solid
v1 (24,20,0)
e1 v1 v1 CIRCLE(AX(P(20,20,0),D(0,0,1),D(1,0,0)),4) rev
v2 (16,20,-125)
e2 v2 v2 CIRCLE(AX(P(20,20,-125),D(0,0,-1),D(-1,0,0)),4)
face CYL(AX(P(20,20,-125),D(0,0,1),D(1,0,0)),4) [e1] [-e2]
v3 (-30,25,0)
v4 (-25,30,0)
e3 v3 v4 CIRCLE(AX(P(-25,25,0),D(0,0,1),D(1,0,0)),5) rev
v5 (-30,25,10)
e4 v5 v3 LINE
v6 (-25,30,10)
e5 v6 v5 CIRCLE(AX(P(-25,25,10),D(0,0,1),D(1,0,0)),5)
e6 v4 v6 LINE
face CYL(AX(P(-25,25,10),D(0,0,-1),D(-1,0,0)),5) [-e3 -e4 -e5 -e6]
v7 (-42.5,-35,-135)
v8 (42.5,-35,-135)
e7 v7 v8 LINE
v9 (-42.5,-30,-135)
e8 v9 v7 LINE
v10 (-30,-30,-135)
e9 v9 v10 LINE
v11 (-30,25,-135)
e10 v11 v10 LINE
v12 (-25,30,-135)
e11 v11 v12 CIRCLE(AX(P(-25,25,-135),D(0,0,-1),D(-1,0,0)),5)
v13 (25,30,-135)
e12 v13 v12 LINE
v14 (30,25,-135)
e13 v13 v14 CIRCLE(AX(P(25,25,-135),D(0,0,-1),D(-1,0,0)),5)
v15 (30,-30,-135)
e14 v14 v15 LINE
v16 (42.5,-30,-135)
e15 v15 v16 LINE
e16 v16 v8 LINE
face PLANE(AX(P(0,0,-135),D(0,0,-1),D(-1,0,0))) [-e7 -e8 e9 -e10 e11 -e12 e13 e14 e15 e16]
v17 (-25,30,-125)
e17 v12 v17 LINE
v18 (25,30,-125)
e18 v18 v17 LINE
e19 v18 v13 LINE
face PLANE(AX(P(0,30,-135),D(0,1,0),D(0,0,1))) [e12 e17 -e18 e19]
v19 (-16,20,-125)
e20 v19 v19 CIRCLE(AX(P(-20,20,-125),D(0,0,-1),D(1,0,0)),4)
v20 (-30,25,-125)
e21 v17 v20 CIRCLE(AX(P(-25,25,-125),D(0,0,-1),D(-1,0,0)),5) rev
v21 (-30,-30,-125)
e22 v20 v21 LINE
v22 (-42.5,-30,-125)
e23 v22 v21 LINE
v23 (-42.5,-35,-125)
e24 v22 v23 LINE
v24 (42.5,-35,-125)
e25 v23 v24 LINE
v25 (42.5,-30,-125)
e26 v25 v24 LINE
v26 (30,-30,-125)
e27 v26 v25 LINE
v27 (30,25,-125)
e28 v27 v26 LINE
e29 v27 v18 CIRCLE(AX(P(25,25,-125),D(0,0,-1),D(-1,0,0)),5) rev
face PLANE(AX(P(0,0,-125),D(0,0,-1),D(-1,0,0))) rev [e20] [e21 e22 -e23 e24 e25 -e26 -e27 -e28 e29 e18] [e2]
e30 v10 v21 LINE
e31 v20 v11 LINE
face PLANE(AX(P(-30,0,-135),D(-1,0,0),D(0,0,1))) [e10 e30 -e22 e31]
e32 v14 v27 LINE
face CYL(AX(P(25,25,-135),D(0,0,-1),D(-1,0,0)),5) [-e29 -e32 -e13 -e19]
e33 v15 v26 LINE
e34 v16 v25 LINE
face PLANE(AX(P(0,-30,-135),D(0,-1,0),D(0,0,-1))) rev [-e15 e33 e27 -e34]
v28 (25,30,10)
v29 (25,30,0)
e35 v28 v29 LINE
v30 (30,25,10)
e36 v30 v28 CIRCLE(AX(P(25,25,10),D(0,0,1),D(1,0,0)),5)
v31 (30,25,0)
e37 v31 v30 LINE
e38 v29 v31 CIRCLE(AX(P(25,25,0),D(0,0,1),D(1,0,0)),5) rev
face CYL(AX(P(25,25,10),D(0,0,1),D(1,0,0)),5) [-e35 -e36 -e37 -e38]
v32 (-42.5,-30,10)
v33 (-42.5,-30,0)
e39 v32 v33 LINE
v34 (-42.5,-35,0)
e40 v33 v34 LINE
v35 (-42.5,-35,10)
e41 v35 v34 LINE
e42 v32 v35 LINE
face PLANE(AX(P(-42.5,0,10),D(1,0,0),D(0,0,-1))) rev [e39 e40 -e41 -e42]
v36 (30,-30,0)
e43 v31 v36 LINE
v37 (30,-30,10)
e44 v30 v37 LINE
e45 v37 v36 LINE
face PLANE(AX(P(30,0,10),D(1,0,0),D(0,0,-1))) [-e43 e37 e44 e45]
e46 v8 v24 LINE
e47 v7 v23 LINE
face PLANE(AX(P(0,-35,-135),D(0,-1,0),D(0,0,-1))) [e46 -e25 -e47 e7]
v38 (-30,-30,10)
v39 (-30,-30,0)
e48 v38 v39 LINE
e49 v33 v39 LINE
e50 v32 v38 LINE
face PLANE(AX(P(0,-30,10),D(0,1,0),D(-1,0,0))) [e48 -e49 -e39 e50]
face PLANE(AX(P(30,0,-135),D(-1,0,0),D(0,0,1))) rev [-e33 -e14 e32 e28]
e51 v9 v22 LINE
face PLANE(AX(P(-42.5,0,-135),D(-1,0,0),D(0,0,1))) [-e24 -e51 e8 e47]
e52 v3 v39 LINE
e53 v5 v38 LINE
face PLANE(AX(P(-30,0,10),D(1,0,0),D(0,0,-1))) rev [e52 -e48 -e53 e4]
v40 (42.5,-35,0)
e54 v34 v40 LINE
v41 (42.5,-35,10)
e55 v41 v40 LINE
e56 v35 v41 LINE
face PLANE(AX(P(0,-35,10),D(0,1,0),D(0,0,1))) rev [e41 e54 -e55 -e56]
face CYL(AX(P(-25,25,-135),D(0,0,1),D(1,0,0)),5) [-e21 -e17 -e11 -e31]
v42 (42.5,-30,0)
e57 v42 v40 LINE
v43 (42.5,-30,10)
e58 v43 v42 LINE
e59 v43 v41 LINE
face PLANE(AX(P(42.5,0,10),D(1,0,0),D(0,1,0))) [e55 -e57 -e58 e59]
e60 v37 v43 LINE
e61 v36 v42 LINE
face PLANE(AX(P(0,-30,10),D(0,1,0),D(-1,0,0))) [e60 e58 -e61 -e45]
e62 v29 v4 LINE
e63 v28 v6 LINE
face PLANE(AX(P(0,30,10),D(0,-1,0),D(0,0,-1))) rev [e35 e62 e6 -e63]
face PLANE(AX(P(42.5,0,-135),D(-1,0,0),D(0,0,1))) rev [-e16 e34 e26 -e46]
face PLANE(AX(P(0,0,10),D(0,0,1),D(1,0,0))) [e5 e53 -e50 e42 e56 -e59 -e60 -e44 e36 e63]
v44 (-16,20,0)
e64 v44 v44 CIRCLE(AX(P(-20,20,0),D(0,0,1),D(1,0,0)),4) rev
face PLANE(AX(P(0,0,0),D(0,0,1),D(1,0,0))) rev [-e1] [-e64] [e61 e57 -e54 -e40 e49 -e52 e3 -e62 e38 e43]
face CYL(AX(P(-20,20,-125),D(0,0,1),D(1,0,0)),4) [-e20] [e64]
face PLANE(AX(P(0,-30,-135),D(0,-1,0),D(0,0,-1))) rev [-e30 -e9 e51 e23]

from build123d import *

# Parameters (mm, degrees)
CROQUIS1_W              = 60
CROQUIS1_H              = 60
SALIENTE_EXTRUIR1_DEPTH = 10
REDONDEO1_R             = 5
CROQUIS2_R              = 4
SALIENTE_EXTRUIR2_DEPTH = 125
CROQUIS3_W              = 60
CROQUIS3_H              = 60
CROQUIS3_R              = 4
SALIENTE_EXTRUIR4_DEPTH = 10
REDONDEO2_R             = 5


with BuildPart() as part:
    # Croquis1 → Saliente-Extruir1 (new body)
    with BuildSketch(Plane.XY):
        Rectangle(CROQUIS1_W, CROQUIS1_H)
        Polygon((42.5, -30), (30, -30), (-30, -30), (-42.5, -30), (-42.5, -35), (42.5, -35), align=None)
    extrude(amount=SALIENTE_EXTRUIR1_DEPTH)

    # Redondeo1
    redondeo1_edges = [part.edges().sort_by_distance(p)[0] for p in [
        (30, 30, 5),
        (-30, 30, 5),
    ]]
    fillet(redondeo1_edges, radius=REDONDEO1_R)

    # Croquis2 → Saliente-Extruir2 (add)
    with BuildSketch(Plane(origin=(0, 0, 0), x_dir=(-1, 0, 0), z_dir=(0, 0, -1))):
        with Locations(Location((-20, 20, 0), (0, 0, 180))):
            Circle(CROQUIS2_R)
        with Locations(Location((20, 20, 0), (0, 0, 180))):
            Circle(CROQUIS2_R)
    extrude(amount=SALIENTE_EXTRUIR2_DEPTH)

    # Croquis3 → Saliente-Extruir4 (add)
    # profile 1 of 3: a face of its own
    with BuildSketch(Plane(origin=(0, 0, -125), x_dir=(-1, 0, 0), z_dir=(0, 0, -1))):
        Rectangle(CROQUIS3_W, CROQUIS3_H)
        with Locations(Location((20, 20, 0), (0, 0, 180))):
            Circle(CROQUIS3_R, mode=Mode.SUBTRACT)
    # profile 2 of 3: a face of its own
    with BuildSketch(Plane(origin=(0, 0, -125), x_dir=(-1, 0, 0), z_dir=(0, 0, -1))):
        Polygon((30, -30), (-30, -30), (-42.5, -30), (-42.5, -35), (42.5, -35), (42.5, -30), align=None)
    # profile 3 of 3: a face of its own
    with BuildSketch(Plane(origin=(0, 0, -125), x_dir=(-1, 0, 0), z_dir=(0, 0, -1))):
        with Locations(Location((20, 20, 0), (0, 0, 180))):
            Circle(CROQUIS3_R)
    extrude(amount=SALIENTE_EXTRUIR4_DEPTH)

    # Redondeo2
    redondeo2_edges = [part.edges().sort_by_distance(p)[0] for p in [
        (-30, 30, -130),
        (30, 30, -130),
    ]]
    fillet(redondeo2_edges, radius=REDONDEO2_R)


solid = part.part
